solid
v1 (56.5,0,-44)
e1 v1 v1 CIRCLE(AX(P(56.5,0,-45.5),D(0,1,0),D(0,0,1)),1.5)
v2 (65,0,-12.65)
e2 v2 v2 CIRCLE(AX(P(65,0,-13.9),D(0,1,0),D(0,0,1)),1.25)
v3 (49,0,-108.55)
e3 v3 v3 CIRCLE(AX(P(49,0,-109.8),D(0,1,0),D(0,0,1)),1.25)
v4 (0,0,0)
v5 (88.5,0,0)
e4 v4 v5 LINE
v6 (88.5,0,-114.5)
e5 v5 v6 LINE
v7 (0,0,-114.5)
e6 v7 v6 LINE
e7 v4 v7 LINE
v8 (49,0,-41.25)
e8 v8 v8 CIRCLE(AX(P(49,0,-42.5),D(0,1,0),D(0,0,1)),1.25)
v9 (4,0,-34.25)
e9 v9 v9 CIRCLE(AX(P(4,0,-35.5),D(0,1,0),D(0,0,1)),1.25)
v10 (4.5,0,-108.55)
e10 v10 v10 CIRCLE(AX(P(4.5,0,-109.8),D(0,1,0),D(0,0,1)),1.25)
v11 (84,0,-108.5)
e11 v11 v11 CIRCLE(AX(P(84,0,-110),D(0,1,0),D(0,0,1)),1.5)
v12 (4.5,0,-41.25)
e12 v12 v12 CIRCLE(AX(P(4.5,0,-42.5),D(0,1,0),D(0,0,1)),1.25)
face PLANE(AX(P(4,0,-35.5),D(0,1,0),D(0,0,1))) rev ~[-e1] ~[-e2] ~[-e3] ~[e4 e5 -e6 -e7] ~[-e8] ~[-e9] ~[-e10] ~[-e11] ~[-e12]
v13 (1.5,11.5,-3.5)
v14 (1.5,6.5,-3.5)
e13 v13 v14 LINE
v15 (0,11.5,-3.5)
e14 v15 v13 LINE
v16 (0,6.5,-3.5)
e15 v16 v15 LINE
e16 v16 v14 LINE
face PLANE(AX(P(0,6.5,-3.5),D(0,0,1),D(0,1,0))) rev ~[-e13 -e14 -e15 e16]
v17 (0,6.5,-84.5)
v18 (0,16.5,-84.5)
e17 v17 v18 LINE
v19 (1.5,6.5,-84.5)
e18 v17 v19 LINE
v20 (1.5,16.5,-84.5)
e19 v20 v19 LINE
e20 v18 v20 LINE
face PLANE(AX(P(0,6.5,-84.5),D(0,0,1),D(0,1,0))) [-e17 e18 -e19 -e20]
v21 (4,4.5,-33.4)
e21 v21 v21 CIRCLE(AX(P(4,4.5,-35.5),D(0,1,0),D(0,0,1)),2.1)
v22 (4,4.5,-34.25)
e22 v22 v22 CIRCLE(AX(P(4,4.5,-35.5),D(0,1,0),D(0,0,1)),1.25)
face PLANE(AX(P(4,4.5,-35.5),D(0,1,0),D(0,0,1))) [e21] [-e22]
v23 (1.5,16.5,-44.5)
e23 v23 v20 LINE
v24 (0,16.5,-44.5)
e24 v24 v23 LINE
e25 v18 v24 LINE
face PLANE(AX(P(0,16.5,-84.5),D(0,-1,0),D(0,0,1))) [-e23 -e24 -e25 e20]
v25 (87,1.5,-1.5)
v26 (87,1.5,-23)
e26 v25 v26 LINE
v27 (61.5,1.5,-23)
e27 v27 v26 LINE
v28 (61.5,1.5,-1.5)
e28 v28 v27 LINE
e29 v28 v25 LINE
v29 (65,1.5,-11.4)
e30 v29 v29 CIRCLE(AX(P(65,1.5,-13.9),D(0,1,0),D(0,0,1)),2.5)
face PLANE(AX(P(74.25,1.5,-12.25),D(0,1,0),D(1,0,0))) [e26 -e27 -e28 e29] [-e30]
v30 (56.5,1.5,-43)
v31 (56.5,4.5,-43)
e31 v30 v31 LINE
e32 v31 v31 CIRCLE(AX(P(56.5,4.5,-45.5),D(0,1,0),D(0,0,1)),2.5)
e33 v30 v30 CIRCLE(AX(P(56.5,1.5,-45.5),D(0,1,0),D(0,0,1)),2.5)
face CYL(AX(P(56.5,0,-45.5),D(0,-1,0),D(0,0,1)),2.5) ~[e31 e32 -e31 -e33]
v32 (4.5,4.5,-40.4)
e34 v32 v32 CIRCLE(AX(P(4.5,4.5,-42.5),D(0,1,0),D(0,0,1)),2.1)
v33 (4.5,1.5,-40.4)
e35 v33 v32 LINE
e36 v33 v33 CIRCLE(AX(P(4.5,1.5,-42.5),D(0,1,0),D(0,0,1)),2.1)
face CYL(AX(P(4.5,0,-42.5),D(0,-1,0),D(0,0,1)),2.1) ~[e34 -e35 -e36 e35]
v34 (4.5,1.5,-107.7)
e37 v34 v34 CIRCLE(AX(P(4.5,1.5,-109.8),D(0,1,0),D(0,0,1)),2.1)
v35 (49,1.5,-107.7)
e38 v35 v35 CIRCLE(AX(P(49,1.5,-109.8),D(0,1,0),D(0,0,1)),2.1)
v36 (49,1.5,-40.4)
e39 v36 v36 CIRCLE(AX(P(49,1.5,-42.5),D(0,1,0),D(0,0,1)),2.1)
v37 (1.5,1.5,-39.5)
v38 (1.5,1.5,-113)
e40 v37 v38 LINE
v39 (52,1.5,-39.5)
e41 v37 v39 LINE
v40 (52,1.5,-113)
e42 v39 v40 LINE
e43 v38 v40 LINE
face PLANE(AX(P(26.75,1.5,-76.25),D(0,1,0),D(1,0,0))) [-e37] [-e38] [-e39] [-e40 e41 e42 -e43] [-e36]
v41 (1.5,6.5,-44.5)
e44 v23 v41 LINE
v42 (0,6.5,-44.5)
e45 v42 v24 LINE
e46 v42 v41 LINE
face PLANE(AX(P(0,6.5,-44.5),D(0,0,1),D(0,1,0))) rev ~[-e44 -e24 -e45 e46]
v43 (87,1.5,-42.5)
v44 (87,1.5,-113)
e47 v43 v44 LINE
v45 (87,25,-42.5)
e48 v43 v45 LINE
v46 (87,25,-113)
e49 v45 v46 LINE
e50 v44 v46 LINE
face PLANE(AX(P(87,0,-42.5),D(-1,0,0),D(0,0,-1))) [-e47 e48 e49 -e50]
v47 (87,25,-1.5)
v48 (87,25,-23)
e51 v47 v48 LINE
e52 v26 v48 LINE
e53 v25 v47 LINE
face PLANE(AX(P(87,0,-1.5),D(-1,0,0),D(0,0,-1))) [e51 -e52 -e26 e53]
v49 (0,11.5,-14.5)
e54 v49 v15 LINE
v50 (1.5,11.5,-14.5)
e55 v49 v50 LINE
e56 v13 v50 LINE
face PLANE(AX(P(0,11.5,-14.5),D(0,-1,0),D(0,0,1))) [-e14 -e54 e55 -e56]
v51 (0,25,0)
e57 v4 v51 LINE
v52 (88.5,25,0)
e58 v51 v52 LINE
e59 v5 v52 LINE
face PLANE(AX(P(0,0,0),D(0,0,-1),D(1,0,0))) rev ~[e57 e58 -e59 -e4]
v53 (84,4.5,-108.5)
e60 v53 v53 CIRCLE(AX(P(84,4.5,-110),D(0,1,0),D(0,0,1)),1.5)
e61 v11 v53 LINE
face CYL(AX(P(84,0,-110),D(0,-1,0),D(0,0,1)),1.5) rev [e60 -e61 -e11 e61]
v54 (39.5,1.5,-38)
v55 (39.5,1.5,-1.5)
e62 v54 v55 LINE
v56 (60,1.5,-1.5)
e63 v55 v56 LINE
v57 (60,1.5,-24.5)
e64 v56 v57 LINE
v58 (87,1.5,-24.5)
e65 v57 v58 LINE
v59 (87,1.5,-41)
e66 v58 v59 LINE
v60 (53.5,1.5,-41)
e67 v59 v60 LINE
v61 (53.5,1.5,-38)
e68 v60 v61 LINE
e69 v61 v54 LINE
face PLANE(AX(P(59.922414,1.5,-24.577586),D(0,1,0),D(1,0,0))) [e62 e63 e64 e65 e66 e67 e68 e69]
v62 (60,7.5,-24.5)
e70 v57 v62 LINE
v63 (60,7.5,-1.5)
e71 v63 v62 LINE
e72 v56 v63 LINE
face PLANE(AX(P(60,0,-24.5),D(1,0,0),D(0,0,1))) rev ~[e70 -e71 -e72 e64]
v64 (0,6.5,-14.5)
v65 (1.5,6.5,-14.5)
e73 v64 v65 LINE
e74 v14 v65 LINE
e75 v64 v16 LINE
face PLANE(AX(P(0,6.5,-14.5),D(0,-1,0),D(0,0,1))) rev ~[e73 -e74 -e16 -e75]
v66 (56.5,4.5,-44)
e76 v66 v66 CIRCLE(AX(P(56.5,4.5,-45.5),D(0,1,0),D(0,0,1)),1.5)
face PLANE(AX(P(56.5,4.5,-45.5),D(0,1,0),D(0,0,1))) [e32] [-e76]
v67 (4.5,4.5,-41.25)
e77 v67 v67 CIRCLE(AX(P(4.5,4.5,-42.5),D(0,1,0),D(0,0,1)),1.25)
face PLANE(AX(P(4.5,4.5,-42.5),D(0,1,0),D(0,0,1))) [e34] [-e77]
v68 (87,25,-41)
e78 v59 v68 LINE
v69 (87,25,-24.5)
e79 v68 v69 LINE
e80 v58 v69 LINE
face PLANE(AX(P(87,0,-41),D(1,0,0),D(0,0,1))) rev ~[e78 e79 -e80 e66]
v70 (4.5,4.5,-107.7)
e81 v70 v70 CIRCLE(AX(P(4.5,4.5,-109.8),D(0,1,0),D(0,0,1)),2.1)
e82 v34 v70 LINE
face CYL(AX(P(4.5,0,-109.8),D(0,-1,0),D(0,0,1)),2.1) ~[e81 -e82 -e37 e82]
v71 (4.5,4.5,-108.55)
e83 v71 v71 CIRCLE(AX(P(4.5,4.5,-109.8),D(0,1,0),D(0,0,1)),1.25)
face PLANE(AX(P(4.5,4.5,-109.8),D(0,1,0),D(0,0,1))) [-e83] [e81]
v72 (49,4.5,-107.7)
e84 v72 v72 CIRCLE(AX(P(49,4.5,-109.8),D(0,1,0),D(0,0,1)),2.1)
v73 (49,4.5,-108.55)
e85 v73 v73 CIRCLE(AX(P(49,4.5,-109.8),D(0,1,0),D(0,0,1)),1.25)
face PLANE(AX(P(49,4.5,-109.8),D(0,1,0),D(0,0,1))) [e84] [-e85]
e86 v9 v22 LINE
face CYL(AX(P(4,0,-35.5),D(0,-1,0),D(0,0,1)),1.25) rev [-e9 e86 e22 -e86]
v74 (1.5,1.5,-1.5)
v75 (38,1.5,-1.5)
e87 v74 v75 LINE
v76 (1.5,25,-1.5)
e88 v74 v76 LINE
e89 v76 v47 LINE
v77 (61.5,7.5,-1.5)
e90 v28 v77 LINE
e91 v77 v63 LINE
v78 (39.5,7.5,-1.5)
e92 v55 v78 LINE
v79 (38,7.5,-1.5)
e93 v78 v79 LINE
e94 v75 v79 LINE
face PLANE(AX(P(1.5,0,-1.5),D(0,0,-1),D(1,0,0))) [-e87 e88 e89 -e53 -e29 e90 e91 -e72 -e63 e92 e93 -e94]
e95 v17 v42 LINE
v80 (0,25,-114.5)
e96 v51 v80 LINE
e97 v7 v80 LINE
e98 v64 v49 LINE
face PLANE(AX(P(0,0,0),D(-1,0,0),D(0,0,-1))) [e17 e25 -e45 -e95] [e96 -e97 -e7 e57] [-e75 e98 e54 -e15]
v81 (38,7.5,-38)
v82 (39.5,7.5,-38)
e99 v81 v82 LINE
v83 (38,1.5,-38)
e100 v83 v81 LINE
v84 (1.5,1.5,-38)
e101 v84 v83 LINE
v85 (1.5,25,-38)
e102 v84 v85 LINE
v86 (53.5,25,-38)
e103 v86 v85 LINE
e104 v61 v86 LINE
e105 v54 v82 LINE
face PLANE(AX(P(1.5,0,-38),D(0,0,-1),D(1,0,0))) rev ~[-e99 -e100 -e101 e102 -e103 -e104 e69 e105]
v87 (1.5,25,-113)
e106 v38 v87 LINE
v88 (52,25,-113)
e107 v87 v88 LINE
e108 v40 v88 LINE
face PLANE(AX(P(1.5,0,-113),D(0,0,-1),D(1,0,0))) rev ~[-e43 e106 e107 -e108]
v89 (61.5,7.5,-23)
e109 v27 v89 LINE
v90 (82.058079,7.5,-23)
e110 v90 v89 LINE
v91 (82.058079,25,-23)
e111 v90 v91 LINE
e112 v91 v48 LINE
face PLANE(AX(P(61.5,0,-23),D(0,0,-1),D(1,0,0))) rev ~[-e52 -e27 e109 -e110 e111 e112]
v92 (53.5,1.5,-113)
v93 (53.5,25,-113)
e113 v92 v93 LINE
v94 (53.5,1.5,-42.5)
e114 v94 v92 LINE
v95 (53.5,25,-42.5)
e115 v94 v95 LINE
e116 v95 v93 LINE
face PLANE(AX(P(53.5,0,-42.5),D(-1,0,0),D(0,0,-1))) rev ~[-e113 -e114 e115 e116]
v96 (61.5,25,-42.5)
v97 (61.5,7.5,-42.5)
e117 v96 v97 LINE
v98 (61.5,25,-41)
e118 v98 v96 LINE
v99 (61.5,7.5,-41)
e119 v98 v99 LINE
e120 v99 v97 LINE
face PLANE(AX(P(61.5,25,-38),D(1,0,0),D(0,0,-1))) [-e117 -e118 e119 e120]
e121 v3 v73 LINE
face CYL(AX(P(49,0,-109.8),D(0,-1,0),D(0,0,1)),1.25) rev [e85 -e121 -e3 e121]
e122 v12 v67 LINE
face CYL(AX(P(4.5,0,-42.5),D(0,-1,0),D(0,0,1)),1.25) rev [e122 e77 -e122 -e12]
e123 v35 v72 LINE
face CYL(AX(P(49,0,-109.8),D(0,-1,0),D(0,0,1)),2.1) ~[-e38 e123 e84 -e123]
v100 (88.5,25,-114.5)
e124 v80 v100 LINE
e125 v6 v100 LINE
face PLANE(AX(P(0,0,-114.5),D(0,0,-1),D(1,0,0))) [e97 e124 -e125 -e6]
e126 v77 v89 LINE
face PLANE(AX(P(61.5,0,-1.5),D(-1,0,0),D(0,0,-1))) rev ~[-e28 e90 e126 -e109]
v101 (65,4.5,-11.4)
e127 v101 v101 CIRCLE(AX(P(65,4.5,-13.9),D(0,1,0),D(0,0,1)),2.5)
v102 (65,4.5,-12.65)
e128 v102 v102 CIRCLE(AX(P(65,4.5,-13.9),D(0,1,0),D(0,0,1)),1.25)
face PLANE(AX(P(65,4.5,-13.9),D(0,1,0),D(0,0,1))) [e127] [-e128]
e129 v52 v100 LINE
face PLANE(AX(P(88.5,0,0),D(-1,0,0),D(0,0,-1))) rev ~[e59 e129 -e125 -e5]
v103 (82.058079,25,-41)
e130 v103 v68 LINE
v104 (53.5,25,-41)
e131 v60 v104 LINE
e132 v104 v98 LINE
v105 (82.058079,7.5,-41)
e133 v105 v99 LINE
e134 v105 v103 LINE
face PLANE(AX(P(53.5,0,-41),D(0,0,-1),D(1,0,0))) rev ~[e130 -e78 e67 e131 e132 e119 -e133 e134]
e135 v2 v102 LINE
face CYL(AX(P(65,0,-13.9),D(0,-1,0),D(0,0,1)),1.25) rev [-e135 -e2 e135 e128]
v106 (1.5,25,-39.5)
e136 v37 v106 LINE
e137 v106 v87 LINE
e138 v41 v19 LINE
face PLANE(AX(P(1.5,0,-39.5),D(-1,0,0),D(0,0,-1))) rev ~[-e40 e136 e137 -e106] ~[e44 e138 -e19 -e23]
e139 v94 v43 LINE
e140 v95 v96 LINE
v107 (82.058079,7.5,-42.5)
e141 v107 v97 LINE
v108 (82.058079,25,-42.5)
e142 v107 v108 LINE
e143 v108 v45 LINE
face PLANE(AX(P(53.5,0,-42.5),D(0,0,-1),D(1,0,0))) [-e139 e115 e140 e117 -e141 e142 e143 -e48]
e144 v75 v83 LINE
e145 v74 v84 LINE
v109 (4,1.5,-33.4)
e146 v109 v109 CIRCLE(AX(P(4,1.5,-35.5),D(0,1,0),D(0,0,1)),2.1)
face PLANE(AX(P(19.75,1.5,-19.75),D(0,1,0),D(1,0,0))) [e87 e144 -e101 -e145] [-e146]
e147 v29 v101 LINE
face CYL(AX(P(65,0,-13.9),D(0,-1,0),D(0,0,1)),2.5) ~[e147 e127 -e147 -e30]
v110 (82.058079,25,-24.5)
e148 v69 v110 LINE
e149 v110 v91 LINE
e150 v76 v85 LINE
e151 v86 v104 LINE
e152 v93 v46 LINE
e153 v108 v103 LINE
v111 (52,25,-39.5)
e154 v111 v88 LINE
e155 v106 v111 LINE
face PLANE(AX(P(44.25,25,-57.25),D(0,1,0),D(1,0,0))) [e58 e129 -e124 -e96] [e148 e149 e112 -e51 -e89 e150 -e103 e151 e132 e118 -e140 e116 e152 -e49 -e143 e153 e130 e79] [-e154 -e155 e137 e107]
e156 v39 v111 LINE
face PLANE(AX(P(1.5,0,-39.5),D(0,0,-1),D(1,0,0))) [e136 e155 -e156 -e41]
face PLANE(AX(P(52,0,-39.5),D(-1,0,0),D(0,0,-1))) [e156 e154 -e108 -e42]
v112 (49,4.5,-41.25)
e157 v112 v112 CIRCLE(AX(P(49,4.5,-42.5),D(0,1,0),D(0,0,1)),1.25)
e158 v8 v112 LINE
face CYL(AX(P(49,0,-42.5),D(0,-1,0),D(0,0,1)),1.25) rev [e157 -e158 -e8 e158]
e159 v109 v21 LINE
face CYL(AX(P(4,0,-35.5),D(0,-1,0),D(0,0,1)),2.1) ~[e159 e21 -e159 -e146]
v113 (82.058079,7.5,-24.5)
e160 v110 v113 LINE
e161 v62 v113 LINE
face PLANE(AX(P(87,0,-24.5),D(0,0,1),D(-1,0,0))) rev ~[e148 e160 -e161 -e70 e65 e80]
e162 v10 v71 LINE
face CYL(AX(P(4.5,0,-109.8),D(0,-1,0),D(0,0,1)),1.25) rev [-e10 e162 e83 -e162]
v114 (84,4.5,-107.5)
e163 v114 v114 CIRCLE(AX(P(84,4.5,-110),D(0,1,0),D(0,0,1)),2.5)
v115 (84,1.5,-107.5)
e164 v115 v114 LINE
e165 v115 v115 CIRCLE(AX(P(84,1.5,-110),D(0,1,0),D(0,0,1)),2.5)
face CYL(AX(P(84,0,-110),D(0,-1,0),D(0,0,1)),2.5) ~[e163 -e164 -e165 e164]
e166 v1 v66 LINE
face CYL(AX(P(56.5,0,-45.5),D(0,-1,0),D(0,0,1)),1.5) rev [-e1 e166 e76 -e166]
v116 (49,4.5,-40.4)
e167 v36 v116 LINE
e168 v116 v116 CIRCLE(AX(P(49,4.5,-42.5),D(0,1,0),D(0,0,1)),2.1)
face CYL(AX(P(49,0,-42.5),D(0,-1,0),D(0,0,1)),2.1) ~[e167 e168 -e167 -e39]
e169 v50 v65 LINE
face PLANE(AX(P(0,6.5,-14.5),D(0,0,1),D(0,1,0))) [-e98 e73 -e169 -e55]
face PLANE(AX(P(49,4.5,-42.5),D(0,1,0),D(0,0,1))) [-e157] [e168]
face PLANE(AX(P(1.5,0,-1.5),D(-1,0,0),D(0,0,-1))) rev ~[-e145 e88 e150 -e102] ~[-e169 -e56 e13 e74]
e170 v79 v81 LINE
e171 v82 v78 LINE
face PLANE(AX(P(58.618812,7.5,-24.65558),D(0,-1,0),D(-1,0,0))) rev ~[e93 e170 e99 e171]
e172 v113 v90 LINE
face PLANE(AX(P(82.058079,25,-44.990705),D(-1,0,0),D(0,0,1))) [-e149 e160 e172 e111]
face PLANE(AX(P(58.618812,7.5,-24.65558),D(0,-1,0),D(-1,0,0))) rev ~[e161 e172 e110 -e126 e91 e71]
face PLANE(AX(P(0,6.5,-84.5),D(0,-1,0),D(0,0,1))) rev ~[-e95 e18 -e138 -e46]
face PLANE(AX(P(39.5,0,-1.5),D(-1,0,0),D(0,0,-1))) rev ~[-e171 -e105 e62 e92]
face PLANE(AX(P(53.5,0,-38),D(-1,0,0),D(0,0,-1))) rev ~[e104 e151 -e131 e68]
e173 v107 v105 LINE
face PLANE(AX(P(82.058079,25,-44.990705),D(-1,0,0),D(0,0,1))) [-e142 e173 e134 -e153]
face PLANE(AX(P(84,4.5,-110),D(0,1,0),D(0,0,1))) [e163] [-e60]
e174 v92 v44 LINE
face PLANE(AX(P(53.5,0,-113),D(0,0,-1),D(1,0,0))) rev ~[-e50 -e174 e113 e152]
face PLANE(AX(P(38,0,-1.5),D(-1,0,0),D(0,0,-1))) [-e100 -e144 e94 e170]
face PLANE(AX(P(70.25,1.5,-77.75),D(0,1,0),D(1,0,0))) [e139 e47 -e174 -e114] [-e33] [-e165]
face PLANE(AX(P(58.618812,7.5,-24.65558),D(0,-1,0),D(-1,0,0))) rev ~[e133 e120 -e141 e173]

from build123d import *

# Parameters (mm, degrees)
SKETCH_3_W          = 88.5
SKETCH_3_H          = 114.5
SKETCH_3_W_2        = 36.5
SKETCH_3_H_2        = 36.5
SKETCH_3_W_3        = 50.5
SKETCH_3_H_3        = 73.5
SKETCH_3_W_4        = 33.5
SKETCH_3_H_4        = 70.5
SKETCH_3_W_5        = 25.5
SKETCH_3_H_5        = 21.5
EXTRUDE_1_DEPTH     = 25
SKETCH_3_3_W        = 36.5
SKETCH_3_3_H        = 36.5
SKETCH_3_3_R        = 2.1
SKETCH_3_3_W_2      = 50.5
SKETCH_3_3_H_2      = 73.5
SKETCH_3_3_W_3      = 33.5
SKETCH_3_3_H_3      = 70.5
SKETCH_3_3_R_2      = 2.5
SKETCH_3_3_W_4      = 25.5
SKETCH_3_3_H_4      = 21.5
EXTRUDE_2_DEPTH     = 1.5
SKETCH_3_5_R        = 2.1
SKETCH_3_5_R_2      = 1.25
SKETCH_3_5_R_3      = 2.5
SKETCH_3_5_R_4      = 1.5
EXTRUDE_4_DEPTH     = 4.5
CUT_EXTRUDE_1_DEPTH = 17.5
CUT_EXTRUDE_2_REACH = 148.859
SKETCH_5_W          = 40
SKETCH_5_H          = 10
SKETCH_5_W_2        = 11
SKETCH_5_H_2        = 5


with BuildPart() as part:
    # 草图3 → 凸台-拉伸1 (new body)
    with BuildSketch(Plane(origin=(0, 0, 0), x_dir=(1, 0, 0), z_dir=(0, 1, 0))):
        with Locations((44.25, 57.25)):
            Rectangle(SKETCH_3_W, SKETCH_3_H)
        Polygon((39.5, 1.5), (39.5, 38), (53.5, 38), (53.5, 41), (87, 41), (87, 24.5), (60, 24.5), (60, 1.5), align=None, mode=Mode.SUBTRACT)
        with Locations((19.75, 19.75)):
            Rectangle(SKETCH_3_W_2, SKETCH_3_H_2, mode=Mode.SUBTRACT)
        with Locations((26.75, 76.25)):
            Rectangle(SKETCH_3_W_3, SKETCH_3_H_3, mode=Mode.SUBTRACT)
        with Locations((70.25, 77.75)):
            Rectangle(SKETCH_3_W_4, SKETCH_3_H_4, mode=Mode.SUBTRACT)
        with Locations((74.25, 12.25)):
            Rectangle(SKETCH_3_W_5, SKETCH_3_H_5, mode=Mode.SUBTRACT)
    extrude(amount=EXTRUDE_1_DEPTH)

    # 草图3<3> → 凸台-拉伸2 (add)
    # profile 1 of 5: a face of its own
    with BuildSketch(Plane(origin=(0, 0, 0), x_dir=(1, 0, 0), z_dir=(0, 1, 0))):
        Polygon((39.5, 38), (39.5, 1.5), (60, 1.5), (60, 24.5), (87, 24.5), (87, 41), (53.5, 41), (53.5, 38), align=None)
    # profile 2 of 5: a face of its own
    with BuildSketch(Plane(origin=(0, 0, 0), x_dir=(1, 0, 0), z_dir=(0, 1, 0))):
        with Locations((19.75, 19.75)):
            Rectangle(SKETCH_3_3_W, SKETCH_3_3_H)
        with Locations(Location((4, 35.5, 0), (0, 0, 270))):
            Circle(SKETCH_3_3_R, mode=Mode.SUBTRACT)
    # profile 3 of 5: a face of its own
    with BuildSketch(Plane(origin=(0, 0, 0), x_dir=(1, 0, 0), z_dir=(0, 1, 0))):
        with Locations((26.75, 76.25)):
            Rectangle(SKETCH_3_3_W_2, SKETCH_3_3_H_2)
        with Locations(Location((4.5, 42.5, 0), (0, 0, 270))):
            Circle(SKETCH_3_3_R, mode=Mode.SUBTRACT)
        with Locations(Location((49, 42.5, 0), (0, 0, 270))):
            Circle(SKETCH_3_3_R, mode=Mode.SUBTRACT)
        with Locations(Location((4.5, 109.8, 0), (0, 0, 270))):
            Circle(SKETCH_3_3_R, mode=Mode.SUBTRACT)
        with Locations(Location((49, 109.8, 0), (0, 0, 270))):
            Circle(SKETCH_3_3_R, mode=Mode.SUBTRACT)
    # profile 4 of 5: a face of its own
    with BuildSketch(Plane(origin=(0, 0, 0), x_dir=(1, 0, 0), z_dir=(0, 1, 0))):
        with Locations((70.25, 77.75)):
            Rectangle(SKETCH_3_3_W_3, SKETCH_3_3_H_3)
        with Locations(Location((56.5, 45.5, 0), (0, 0, 270))):
            Circle(SKETCH_3_3_R_2, mode=Mode.SUBTRACT)
        with Locations(Location((84, 110, 0), (0, 0, 270))):
            Circle(SKETCH_3_3_R_2, mode=Mode.SUBTRACT)
    # profile 5 of 5: a face of its own
    with BuildSketch(Plane(origin=(0, 0, 0), x_dir=(1, 0, 0), z_dir=(0, 1, 0))):
        with Locations((74.25, 12.25)):
            Rectangle(SKETCH_3_3_W_4, SKETCH_3_3_H_4)
        with Locations(Location((65, 13.9, 0), (0, 0, 270))):
            Circle(SKETCH_3_3_R_2, mode=Mode.SUBTRACT)
    extrude(amount=EXTRUDE_2_DEPTH)

    # 草图3<5> → 凸台-拉伸4 (add)
    # profile 1 of 8: a face of its own
    with BuildSketch(Plane(origin=(0, 0, 0), x_dir=(1, 0, 0), z_dir=(0, 1, 0))):
        with Locations(Location((4, 35.5, 0), (0, 0, 270))):
            Circle(SKETCH_3_5_R)
        with Locations(Location((4, 35.5, 0), (0, 0, 270))):
            Circle(SKETCH_3_5_R_2, mode=Mode.SUBTRACT)
    # profile 2 of 8: a face of its own
    with BuildSketch(Plane(origin=(0, 0, 0), x_dir=(1, 0, 0), z_dir=(0, 1, 0))):
        with Locations(Location((4.5, 42.5, 0), (0, 0, 270))):
            Circle(SKETCH_3_5_R)
        with Locations(Location((4.5, 42.5, 0), (0, 0, 270))):
            Circle(SKETCH_3_5_R_2, mode=Mode.SUBTRACT)
    # profile 3 of 8: a face of its own
    with BuildSketch(Plane(origin=(0, 0, 0), x_dir=(1, 0, 0), z_dir=(0, 1, 0))):
        with Locations(Location((49, 42.5, 0), (0, 0, 270))):
            Circle(SKETCH_3_5_R)
        with Locations(Location((49, 42.5, 0), (0, 0, 270))):
            Circle(SKETCH_3_5_R_2, mode=Mode.SUBTRACT)
    # profile 4 of 8: a face of its own
    with BuildSketch(Plane(origin=(0, 0, 0), x_dir=(1, 0, 0), z_dir=(0, 1, 0))):
        with Locations(Location((4.5, 109.8, 0), (0, 0, 270))):
            Circle(SKETCH_3_5_R)
        with Locations(Location((4.5, 109.8, 0), (0, 0, 270))):
            Circle(SKETCH_3_5_R_2, mode=Mode.SUBTRACT)
    # profile 5 of 8: a face of its own
    with BuildSketch(Plane(origin=(0, 0, 0), x_dir=(1, 0, 0), z_dir=(0, 1, 0))):
        with Locations(Location((49, 109.8, 0), (0, 0, 270))):
            Circle(SKETCH_3_5_R)
        with Locations(Location((49, 109.8, 0), (0, 0, 270))):
            Circle(SKETCH_3_5_R_2, mode=Mode.SUBTRACT)
    # profile 6 of 8: a face of its own
    with BuildSketch(Plane(origin=(0, 0, 0), x_dir=(1, 0, 0), z_dir=(0, 1, 0))):
        with Locations(Location((84, 110, 0), (0, 0, 270))):
            Circle(SKETCH_3_5_R_3)
        with Locations(Location((84, 110, 0), (0, 0, 270))):
            Circle(SKETCH_3_5_R_4, mode=Mode.SUBTRACT)
    # profile 7 of 8: a face of its own
    with BuildSketch(Plane(origin=(0, 0, 0), x_dir=(1, 0, 0), z_dir=(0, 1, 0))):
        with Locations(Location((56.5, 45.5, 0), (0, 0, 270))):
            Circle(SKETCH_3_5_R_3)
        with Locations(Location((56.5, 45.5, 0), (0, 0, 270))):
            Circle(SKETCH_3_5_R_4, mode=Mode.SUBTRACT)
    # profile 8 of 8: a face of its own
    with BuildSketch(Plane(origin=(0, 0, 0), x_dir=(1, 0, 0), z_dir=(0, 1, 0))):
        with Locations(Location((65, 13.9, 0), (0, 0, 270))):
            Circle(SKETCH_3_5_R_3)
        with Locations(Location((65, 13.9, 0), (0, 0, 270))):
            Circle(SKETCH_3_5_R_2, mode=Mode.SUBTRACT)
    extrude(amount=EXTRUDE_4_DEPTH)

    # 草图4 → 切除-拉伸1 (cut)
    with BuildSketch(Plane(origin=(0, 25, 0), x_dir=(1, 0, 0), z_dir=(0, 1, 0))):
        Polygon((61.5, 1.5), (38, 1.5), (38, 38), (61.5, 38), (61.5, 44.990704611), (82.058079057, 44.990704611), (82.058079057, 21.502306723), (61.5, 21.502306723), align=None)
    extrude(amount=-CUT_EXTRUDE_1_DEPTH, mode=Mode.SUBTRACT)

    # 草图5 → 切除-拉伸2 (cut, up to next)
    with BuildSketch(Plane.ZY, mode=Mode.PRIVATE) as cut_extrude_2_sk1:
        with Locations((-64.5, 11.5)):
            Rectangle(SKETCH_5_W, SKETCH_5_H)
    cut_extrude_2_tool1 = extrude(cut_extrude_2_sk1.sketch, amount=-CUT_EXTRUDE_2_REACH, mode=Mode.PRIVATE) & part.part
    # 草图5 → 切除-拉伸2 (cut, up to next)
    with BuildSketch(Plane.ZY, mode=Mode.PRIVATE) as cut_extrude_2_sk2:
        with Locations((-9, 9)):
            Rectangle(SKETCH_5_W_2, SKETCH_5_H_2)
    cut_extrude_2_tool2 = extrude(cut_extrude_2_sk2.sketch, amount=-CUT_EXTRUDE_2_REACH, mode=Mode.PRIVATE) & part.part
    add(cut_extrude_2_tool1.solids().sort_by_distance((0, 11.5, -64.5))[0], mode=Mode.SUBTRACT)
    add(cut_extrude_2_tool2.solids().sort_by_distance((0, 9, -9))[0], mode=Mode.SUBTRACT)


solid = part.part
